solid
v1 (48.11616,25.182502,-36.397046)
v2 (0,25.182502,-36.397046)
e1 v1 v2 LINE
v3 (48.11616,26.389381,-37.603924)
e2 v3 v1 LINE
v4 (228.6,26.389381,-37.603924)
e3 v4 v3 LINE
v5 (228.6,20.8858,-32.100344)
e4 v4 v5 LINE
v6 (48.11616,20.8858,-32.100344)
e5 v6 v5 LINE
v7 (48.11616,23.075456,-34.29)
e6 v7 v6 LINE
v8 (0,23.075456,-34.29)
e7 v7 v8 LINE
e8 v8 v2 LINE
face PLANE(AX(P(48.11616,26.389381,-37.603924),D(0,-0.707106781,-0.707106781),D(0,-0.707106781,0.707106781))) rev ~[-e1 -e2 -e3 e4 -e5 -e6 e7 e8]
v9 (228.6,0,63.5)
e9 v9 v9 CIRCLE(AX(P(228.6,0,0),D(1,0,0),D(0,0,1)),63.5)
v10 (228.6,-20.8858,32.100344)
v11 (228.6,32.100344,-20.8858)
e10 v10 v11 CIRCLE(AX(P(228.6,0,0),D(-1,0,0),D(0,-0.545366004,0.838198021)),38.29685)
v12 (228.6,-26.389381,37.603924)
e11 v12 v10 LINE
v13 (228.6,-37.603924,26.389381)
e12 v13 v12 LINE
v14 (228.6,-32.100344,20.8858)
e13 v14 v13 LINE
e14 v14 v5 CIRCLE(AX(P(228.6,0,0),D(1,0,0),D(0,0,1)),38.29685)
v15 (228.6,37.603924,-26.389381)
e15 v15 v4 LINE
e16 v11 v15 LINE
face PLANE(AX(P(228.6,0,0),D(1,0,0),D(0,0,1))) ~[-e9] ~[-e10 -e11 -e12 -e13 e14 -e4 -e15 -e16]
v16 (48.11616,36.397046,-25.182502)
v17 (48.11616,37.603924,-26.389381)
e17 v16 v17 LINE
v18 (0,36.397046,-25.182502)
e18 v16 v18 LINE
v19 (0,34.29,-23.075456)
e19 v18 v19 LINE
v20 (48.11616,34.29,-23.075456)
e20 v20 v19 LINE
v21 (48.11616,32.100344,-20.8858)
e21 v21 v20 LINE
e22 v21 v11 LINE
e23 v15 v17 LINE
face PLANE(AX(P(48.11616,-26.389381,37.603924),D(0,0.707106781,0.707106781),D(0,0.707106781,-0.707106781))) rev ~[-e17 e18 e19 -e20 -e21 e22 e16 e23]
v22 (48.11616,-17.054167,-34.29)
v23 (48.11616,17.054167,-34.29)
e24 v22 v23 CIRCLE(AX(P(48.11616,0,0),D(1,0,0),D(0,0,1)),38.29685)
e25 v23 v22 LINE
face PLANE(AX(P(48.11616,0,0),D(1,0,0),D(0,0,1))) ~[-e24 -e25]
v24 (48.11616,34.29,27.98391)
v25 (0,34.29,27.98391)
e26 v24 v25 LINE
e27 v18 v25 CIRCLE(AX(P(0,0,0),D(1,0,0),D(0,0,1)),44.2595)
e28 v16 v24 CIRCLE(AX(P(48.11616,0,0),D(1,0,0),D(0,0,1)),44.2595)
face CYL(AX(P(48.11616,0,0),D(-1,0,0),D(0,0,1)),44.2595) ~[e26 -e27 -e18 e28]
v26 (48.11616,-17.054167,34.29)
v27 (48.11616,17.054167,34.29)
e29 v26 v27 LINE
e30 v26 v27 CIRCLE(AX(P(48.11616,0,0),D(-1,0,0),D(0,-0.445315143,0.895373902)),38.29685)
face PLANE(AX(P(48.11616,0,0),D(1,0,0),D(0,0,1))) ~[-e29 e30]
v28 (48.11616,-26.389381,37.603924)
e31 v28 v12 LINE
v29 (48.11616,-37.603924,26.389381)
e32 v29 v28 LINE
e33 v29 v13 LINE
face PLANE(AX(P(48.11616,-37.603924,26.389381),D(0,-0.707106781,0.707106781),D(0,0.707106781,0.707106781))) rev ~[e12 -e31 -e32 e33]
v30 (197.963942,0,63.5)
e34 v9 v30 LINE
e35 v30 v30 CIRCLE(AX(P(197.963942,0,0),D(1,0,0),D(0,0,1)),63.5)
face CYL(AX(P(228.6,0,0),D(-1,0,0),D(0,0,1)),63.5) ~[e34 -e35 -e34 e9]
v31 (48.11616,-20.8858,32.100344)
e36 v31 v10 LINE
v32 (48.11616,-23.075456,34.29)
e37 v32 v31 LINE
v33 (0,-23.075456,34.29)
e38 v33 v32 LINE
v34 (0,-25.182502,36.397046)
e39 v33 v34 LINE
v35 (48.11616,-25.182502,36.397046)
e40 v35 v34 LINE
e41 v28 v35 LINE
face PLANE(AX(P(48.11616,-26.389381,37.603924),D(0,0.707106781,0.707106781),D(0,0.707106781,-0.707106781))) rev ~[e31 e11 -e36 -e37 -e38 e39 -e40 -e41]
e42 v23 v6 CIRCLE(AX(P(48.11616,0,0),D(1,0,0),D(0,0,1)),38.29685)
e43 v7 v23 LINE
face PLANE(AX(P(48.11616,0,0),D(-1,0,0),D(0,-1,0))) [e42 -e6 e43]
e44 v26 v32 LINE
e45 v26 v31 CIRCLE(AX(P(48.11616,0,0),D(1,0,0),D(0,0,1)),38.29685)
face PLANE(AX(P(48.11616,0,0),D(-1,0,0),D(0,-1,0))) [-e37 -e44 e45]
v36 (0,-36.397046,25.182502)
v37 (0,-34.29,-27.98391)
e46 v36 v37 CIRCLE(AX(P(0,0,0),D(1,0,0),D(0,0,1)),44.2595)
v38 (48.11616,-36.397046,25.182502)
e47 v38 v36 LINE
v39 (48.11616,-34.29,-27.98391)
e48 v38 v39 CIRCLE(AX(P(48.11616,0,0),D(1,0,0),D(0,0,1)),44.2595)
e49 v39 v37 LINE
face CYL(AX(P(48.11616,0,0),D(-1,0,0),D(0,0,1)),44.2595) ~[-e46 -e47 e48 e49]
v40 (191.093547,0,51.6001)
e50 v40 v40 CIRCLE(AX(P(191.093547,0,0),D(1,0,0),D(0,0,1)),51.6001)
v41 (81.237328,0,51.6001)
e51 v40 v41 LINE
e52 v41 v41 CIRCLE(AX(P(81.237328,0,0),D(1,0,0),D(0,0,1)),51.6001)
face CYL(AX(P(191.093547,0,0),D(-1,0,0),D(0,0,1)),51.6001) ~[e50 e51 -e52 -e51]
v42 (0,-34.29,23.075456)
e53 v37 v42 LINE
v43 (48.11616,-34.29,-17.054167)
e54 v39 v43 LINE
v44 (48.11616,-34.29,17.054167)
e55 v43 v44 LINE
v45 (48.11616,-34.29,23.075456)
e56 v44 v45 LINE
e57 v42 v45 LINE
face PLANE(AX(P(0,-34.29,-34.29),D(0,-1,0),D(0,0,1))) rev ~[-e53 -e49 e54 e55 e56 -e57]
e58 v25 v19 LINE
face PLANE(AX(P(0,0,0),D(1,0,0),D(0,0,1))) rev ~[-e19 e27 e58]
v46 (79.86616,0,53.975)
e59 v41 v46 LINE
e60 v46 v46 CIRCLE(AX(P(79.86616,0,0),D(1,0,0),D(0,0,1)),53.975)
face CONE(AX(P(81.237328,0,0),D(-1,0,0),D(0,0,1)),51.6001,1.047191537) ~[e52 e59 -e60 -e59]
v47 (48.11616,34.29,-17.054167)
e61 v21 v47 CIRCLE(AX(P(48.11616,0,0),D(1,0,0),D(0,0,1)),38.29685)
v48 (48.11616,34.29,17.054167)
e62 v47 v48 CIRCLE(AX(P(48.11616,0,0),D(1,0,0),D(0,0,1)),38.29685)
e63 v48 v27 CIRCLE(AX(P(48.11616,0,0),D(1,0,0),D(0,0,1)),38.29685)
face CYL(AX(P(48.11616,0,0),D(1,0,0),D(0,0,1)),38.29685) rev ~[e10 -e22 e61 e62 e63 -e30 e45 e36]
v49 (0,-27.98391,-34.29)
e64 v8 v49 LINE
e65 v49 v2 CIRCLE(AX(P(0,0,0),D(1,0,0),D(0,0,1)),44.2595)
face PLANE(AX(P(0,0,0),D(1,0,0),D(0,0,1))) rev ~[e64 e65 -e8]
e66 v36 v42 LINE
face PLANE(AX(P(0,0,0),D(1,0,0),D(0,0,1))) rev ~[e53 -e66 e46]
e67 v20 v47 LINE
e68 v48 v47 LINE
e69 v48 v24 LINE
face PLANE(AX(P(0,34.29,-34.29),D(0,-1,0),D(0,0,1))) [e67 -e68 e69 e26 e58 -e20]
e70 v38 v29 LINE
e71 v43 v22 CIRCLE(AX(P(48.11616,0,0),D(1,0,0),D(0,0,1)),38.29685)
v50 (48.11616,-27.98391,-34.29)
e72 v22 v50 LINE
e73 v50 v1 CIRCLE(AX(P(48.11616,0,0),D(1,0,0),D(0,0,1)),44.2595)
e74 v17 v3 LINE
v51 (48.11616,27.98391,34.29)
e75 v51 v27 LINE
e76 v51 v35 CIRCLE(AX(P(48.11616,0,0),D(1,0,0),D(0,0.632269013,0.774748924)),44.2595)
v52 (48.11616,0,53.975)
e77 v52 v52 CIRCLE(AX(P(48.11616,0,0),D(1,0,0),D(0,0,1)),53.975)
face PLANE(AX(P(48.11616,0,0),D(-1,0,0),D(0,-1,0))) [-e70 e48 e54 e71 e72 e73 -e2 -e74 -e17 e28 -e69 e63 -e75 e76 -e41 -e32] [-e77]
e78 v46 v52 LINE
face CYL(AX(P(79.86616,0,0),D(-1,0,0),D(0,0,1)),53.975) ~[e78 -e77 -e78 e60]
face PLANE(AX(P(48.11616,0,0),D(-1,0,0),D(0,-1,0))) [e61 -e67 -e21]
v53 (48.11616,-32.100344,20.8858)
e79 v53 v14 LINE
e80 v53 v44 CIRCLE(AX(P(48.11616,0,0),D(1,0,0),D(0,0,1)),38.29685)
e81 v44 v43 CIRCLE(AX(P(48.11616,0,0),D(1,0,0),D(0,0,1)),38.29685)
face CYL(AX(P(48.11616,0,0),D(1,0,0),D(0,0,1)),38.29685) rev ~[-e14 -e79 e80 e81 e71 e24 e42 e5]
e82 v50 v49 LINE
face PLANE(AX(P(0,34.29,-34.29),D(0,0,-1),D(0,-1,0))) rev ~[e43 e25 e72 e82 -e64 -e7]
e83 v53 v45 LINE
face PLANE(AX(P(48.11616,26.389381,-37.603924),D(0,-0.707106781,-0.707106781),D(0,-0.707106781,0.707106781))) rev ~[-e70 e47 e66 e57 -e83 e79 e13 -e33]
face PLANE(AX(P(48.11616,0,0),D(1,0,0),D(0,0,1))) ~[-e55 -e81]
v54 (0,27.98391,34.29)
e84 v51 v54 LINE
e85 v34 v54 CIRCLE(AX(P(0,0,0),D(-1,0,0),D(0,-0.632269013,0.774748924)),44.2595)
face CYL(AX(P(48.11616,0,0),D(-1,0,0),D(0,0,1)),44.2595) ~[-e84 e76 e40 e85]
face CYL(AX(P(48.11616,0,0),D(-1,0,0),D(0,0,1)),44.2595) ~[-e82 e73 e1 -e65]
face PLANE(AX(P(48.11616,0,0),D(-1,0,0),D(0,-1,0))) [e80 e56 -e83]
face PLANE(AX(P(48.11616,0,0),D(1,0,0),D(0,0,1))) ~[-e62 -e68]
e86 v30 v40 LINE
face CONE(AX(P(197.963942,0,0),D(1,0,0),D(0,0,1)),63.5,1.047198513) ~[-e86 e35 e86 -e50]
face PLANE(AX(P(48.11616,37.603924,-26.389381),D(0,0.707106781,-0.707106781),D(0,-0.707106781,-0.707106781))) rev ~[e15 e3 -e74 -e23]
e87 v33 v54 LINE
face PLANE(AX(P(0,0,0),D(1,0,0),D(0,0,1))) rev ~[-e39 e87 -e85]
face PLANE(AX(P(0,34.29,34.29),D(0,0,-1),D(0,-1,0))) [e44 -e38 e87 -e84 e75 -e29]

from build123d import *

# Parameters (mm, degrees)
F3_W     = 68.58
F3_H     = 68.58
F4_DEPTH = 48.1161598
F7_DEPTH = 203.2


with BuildPart() as f1:
    # F0 (on Front) → F1 (revolve)
    with BuildSketch(Plane.XZ):
        Polygon((228.6, 38.29685), (228.6, 63.5), (197.9639424, 63.5), (191.0935472, 51.6001), (81.237328, 51.6001), (79.8661598, 53.975), (48.1161598, 53.975), (48.1161598, 44.2595), (48.1161598, 38.29685), align=None)
        Polygon((48.1161598, 34.29), (48.1161598, 38.29685), (48.1161598, 44.2595), (0, 44.2595), (0, 34.29), align=None)
    revolve(axis=Axis((114.3, 0, 0), (1, 0, 0)))

    # F3 (on offset) → F4 (cut, through all)
    with BuildSketch(Plane(origin=(0, 0, 0), x_dir=(0, -1, 0), z_dir=(-1, 0, 0))):
        Rectangle(F3_W, F3_H)
    extrude(amount=-F4_DEPTH, mode=Mode.SUBTRACT)

    # F6 (on offset) → F7 (cut, symmetric)
    with BuildSketch(Plane(origin=(48.1161598, 0, 0), x_dir=(0, -1, 0), z_dir=(-1, 0, 0))):
        Polygon((-5.607271922, 5.607271922), (0, 0), (31.9966525594, 31.9966525594), (26.3893806374, 37.6039244814), align=None)
        Polygon((5.607271922, -5.607271922), (0, 0), (-5.607271922, 5.607271922), (-37.6039244814, -26.3893806374), (-26.3893806374, -37.6039244814), align=None)
        Polygon((31.9966525594, 31.9966525594), (0, 0), (5.607271922, -5.607271922), (37.6039244814, 26.3893806374), align=None)
    extrude(amount=F7_DEPTH, both=True, mode=Mode.SUBTRACT)


solid = f1.part
